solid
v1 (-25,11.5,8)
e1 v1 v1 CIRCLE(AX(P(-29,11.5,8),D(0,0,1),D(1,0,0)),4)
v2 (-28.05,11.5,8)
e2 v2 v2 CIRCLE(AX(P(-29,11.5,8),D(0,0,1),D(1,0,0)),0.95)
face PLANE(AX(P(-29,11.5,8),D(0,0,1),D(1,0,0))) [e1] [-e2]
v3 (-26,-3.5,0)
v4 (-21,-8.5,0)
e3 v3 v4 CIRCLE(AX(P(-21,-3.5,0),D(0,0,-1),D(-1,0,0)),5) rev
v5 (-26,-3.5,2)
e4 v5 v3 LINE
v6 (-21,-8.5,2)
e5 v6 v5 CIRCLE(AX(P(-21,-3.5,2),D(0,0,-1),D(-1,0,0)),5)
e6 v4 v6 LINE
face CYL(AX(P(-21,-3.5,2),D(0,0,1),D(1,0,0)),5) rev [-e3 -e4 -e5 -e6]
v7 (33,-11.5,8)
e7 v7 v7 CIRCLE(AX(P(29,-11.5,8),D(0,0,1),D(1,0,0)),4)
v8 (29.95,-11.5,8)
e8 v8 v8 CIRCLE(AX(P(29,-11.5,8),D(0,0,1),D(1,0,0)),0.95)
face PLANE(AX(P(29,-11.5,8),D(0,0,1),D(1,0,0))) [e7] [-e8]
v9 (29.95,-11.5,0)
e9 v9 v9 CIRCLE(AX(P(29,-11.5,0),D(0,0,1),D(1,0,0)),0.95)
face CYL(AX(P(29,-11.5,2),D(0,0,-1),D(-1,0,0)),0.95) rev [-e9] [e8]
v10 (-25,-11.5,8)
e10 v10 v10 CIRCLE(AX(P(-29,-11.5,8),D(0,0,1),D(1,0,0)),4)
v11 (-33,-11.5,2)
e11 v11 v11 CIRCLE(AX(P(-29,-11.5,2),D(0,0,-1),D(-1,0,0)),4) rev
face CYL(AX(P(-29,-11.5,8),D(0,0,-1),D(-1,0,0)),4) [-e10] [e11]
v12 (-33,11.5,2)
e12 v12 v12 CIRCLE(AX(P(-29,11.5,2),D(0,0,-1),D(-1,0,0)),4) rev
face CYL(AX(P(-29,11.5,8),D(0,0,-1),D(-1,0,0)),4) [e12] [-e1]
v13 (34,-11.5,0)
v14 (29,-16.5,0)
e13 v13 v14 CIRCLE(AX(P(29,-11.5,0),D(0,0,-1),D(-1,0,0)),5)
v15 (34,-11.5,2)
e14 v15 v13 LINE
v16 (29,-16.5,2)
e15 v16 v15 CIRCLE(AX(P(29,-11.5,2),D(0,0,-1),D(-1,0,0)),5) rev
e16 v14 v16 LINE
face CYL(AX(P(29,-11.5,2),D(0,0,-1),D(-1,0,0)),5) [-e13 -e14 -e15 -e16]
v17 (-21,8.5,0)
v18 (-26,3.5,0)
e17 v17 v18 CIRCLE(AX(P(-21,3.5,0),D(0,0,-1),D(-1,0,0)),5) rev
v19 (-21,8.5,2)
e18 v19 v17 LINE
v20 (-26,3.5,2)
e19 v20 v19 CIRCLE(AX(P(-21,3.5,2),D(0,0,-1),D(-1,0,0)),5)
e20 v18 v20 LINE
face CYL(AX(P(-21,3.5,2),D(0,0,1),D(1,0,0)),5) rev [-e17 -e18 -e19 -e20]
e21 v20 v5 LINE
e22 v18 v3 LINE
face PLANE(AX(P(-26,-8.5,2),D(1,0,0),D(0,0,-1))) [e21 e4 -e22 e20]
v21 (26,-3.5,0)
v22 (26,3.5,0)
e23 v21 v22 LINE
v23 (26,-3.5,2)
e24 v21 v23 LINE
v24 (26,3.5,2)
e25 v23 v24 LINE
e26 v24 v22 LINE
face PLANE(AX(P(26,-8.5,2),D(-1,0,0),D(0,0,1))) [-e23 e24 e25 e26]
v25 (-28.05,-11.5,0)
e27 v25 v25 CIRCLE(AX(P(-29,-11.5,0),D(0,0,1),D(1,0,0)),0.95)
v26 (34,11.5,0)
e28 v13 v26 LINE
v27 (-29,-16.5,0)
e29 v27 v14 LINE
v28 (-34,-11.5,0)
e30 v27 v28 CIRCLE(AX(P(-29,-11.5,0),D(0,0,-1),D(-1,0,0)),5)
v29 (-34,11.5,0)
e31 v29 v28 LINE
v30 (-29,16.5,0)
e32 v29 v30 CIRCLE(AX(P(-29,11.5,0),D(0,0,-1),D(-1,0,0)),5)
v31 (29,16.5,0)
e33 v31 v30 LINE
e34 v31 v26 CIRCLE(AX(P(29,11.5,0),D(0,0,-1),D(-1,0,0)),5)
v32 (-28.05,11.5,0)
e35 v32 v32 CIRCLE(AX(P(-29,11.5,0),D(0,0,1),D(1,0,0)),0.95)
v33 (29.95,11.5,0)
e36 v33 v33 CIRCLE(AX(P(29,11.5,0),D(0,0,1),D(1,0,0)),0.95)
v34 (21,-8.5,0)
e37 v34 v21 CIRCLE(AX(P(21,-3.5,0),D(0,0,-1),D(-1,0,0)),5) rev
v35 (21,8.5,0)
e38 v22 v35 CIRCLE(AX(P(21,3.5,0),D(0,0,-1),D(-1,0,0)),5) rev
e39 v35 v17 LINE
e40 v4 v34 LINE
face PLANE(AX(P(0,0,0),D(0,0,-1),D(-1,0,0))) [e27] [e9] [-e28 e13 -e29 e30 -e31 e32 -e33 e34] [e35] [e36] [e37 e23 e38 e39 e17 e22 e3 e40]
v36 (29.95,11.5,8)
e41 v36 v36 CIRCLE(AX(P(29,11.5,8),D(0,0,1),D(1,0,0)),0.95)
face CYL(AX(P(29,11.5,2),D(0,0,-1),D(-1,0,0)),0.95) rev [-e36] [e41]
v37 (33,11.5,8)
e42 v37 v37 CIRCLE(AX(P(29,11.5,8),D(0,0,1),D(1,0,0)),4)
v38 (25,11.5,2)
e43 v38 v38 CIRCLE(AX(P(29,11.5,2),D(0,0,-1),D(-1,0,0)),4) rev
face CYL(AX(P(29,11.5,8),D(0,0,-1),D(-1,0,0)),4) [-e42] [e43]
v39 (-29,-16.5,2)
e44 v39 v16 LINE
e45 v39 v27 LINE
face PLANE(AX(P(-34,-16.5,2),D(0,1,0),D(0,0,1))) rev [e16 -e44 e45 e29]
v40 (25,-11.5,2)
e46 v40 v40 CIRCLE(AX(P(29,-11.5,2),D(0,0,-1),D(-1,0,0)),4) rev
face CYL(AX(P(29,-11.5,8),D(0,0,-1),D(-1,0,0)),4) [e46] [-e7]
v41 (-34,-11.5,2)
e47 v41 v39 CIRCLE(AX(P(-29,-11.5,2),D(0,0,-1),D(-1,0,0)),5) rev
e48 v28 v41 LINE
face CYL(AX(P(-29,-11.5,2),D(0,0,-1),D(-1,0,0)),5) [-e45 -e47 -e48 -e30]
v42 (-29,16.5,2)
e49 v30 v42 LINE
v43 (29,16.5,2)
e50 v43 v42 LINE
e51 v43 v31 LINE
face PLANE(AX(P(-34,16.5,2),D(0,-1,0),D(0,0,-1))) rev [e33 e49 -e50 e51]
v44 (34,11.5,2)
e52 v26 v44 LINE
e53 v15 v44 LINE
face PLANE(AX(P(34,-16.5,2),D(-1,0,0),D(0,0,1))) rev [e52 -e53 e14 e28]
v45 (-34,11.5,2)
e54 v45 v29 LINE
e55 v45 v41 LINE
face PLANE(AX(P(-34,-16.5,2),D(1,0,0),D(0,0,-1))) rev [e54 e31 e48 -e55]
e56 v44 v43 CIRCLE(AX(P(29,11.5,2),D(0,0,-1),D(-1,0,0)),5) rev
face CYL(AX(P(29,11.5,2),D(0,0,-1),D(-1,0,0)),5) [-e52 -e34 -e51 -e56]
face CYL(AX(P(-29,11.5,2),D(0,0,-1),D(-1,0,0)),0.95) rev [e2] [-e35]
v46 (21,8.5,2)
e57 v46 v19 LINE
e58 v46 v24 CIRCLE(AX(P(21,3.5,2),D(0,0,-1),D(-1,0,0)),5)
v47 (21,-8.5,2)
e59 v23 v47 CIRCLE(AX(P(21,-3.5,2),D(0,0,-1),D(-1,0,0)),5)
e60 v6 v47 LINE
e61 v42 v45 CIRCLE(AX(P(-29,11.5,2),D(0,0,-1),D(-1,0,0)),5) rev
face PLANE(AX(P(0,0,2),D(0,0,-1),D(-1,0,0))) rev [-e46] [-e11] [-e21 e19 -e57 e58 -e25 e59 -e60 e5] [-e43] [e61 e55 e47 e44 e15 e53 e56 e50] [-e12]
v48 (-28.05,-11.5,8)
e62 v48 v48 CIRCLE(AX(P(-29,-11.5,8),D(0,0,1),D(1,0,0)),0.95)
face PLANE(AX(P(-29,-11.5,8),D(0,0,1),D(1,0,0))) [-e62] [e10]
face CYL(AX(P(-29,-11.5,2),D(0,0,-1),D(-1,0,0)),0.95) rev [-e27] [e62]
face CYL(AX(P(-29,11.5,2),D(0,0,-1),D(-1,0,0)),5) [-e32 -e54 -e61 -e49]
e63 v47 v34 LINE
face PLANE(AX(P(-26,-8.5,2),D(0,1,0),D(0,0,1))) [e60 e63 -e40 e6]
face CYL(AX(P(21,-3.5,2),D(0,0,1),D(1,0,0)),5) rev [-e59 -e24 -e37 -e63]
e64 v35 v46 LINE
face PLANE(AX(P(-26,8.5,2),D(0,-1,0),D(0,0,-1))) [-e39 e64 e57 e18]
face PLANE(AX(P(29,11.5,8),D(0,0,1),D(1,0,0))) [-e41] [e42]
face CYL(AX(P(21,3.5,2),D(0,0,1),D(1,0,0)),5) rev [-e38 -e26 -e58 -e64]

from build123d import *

# Parameters (mm, degrees)
SKETCH1_W           = 68
SKETCH1_H           = 33
SKETCH1_R           = 0.95
SKETCH1_W_2         = 52
SKETCH1_H_2         = 17
BOSS_EXTRUDE1_DEPTH = 2
SKETCH2_R           = 4
SKETCH2_R_2         = 0.95
BOSS_EXTRUDE2_DEPTH = 6
FILLET1_R           = 5


with BuildPart() as part:
    # Sketch1 → Boss-Extrude1 (new body)
    with BuildSketch(Plane.XY):
        Rectangle(SKETCH1_W, SKETCH1_H)
        with Locations((-29, 11.5)):
            Circle(SKETCH1_R, mode=Mode.SUBTRACT)
        with Locations((29, 11.5)):
            Circle(SKETCH1_R, mode=Mode.SUBTRACT)
        with Locations((29, -11.5)):
            Circle(SKETCH1_R, mode=Mode.SUBTRACT)
        with Locations((-29, -11.5)):
            Circle(SKETCH1_R, mode=Mode.SUBTRACT)
        Rectangle(SKETCH1_W_2, SKETCH1_H_2, mode=Mode.SUBTRACT)
    extrude(amount=BOSS_EXTRUDE1_DEPTH)

    # Sketch2 → Boss-Extrude2 (add)
    # profile 1 of 4: a face of its own
    with BuildSketch(Plane.XY.offset(2)):
        with Locations(Location((-29, 11.5, 0), (0, 0, 180))):
            Circle(SKETCH2_R)
        with Locations((-29, 11.5)):
            Circle(SKETCH2_R_2, mode=Mode.SUBTRACT)
    # profile 2 of 4: a face of its own
    with BuildSketch(Plane.XY.offset(2)):
        with Locations(Location((29, 11.5, 0), (0, 0, 180))):
            Circle(SKETCH2_R)
        with Locations((29, 11.5)):
            Circle(SKETCH2_R_2, mode=Mode.SUBTRACT)
    # profile 3 of 4: a face of its own
    with BuildSketch(Plane.XY.offset(2)):
        with Locations(Location((29, -11.5, 0), (0, 0, 180))):
            Circle(SKETCH2_R)
        with Locations((29, -11.5)):
            Circle(SKETCH2_R_2, mode=Mode.SUBTRACT)
    # profile 4 of 4: a face of its own
    with BuildSketch(Plane.XY.offset(2)):
        with Locations(Location((-29, -11.5, 0), (0, 0, 180))):
            Circle(SKETCH2_R)
        with Locations((-29, -11.5)):
            Circle(SKETCH2_R_2, mode=Mode.SUBTRACT)
    extrude(amount=BOSS_EXTRUDE2_DEPTH)

    # Fillet1
    fillet1_edges = [part.edges().sort_by_distance(p)[0] for p in [
        (26, -8.5, 1),
        (26, 8.5, 1),
        (-26, 8.5, 1),
        (-26, -8.5, 1),
        (34, -16.5, 1),
        (-34, -16.5, 1),
        (-34, 16.5, 1),
        (34, 16.5, 1),
    ]]
    fillet(fillet1_edges, radius=FILLET1_R)


solid = part.part
